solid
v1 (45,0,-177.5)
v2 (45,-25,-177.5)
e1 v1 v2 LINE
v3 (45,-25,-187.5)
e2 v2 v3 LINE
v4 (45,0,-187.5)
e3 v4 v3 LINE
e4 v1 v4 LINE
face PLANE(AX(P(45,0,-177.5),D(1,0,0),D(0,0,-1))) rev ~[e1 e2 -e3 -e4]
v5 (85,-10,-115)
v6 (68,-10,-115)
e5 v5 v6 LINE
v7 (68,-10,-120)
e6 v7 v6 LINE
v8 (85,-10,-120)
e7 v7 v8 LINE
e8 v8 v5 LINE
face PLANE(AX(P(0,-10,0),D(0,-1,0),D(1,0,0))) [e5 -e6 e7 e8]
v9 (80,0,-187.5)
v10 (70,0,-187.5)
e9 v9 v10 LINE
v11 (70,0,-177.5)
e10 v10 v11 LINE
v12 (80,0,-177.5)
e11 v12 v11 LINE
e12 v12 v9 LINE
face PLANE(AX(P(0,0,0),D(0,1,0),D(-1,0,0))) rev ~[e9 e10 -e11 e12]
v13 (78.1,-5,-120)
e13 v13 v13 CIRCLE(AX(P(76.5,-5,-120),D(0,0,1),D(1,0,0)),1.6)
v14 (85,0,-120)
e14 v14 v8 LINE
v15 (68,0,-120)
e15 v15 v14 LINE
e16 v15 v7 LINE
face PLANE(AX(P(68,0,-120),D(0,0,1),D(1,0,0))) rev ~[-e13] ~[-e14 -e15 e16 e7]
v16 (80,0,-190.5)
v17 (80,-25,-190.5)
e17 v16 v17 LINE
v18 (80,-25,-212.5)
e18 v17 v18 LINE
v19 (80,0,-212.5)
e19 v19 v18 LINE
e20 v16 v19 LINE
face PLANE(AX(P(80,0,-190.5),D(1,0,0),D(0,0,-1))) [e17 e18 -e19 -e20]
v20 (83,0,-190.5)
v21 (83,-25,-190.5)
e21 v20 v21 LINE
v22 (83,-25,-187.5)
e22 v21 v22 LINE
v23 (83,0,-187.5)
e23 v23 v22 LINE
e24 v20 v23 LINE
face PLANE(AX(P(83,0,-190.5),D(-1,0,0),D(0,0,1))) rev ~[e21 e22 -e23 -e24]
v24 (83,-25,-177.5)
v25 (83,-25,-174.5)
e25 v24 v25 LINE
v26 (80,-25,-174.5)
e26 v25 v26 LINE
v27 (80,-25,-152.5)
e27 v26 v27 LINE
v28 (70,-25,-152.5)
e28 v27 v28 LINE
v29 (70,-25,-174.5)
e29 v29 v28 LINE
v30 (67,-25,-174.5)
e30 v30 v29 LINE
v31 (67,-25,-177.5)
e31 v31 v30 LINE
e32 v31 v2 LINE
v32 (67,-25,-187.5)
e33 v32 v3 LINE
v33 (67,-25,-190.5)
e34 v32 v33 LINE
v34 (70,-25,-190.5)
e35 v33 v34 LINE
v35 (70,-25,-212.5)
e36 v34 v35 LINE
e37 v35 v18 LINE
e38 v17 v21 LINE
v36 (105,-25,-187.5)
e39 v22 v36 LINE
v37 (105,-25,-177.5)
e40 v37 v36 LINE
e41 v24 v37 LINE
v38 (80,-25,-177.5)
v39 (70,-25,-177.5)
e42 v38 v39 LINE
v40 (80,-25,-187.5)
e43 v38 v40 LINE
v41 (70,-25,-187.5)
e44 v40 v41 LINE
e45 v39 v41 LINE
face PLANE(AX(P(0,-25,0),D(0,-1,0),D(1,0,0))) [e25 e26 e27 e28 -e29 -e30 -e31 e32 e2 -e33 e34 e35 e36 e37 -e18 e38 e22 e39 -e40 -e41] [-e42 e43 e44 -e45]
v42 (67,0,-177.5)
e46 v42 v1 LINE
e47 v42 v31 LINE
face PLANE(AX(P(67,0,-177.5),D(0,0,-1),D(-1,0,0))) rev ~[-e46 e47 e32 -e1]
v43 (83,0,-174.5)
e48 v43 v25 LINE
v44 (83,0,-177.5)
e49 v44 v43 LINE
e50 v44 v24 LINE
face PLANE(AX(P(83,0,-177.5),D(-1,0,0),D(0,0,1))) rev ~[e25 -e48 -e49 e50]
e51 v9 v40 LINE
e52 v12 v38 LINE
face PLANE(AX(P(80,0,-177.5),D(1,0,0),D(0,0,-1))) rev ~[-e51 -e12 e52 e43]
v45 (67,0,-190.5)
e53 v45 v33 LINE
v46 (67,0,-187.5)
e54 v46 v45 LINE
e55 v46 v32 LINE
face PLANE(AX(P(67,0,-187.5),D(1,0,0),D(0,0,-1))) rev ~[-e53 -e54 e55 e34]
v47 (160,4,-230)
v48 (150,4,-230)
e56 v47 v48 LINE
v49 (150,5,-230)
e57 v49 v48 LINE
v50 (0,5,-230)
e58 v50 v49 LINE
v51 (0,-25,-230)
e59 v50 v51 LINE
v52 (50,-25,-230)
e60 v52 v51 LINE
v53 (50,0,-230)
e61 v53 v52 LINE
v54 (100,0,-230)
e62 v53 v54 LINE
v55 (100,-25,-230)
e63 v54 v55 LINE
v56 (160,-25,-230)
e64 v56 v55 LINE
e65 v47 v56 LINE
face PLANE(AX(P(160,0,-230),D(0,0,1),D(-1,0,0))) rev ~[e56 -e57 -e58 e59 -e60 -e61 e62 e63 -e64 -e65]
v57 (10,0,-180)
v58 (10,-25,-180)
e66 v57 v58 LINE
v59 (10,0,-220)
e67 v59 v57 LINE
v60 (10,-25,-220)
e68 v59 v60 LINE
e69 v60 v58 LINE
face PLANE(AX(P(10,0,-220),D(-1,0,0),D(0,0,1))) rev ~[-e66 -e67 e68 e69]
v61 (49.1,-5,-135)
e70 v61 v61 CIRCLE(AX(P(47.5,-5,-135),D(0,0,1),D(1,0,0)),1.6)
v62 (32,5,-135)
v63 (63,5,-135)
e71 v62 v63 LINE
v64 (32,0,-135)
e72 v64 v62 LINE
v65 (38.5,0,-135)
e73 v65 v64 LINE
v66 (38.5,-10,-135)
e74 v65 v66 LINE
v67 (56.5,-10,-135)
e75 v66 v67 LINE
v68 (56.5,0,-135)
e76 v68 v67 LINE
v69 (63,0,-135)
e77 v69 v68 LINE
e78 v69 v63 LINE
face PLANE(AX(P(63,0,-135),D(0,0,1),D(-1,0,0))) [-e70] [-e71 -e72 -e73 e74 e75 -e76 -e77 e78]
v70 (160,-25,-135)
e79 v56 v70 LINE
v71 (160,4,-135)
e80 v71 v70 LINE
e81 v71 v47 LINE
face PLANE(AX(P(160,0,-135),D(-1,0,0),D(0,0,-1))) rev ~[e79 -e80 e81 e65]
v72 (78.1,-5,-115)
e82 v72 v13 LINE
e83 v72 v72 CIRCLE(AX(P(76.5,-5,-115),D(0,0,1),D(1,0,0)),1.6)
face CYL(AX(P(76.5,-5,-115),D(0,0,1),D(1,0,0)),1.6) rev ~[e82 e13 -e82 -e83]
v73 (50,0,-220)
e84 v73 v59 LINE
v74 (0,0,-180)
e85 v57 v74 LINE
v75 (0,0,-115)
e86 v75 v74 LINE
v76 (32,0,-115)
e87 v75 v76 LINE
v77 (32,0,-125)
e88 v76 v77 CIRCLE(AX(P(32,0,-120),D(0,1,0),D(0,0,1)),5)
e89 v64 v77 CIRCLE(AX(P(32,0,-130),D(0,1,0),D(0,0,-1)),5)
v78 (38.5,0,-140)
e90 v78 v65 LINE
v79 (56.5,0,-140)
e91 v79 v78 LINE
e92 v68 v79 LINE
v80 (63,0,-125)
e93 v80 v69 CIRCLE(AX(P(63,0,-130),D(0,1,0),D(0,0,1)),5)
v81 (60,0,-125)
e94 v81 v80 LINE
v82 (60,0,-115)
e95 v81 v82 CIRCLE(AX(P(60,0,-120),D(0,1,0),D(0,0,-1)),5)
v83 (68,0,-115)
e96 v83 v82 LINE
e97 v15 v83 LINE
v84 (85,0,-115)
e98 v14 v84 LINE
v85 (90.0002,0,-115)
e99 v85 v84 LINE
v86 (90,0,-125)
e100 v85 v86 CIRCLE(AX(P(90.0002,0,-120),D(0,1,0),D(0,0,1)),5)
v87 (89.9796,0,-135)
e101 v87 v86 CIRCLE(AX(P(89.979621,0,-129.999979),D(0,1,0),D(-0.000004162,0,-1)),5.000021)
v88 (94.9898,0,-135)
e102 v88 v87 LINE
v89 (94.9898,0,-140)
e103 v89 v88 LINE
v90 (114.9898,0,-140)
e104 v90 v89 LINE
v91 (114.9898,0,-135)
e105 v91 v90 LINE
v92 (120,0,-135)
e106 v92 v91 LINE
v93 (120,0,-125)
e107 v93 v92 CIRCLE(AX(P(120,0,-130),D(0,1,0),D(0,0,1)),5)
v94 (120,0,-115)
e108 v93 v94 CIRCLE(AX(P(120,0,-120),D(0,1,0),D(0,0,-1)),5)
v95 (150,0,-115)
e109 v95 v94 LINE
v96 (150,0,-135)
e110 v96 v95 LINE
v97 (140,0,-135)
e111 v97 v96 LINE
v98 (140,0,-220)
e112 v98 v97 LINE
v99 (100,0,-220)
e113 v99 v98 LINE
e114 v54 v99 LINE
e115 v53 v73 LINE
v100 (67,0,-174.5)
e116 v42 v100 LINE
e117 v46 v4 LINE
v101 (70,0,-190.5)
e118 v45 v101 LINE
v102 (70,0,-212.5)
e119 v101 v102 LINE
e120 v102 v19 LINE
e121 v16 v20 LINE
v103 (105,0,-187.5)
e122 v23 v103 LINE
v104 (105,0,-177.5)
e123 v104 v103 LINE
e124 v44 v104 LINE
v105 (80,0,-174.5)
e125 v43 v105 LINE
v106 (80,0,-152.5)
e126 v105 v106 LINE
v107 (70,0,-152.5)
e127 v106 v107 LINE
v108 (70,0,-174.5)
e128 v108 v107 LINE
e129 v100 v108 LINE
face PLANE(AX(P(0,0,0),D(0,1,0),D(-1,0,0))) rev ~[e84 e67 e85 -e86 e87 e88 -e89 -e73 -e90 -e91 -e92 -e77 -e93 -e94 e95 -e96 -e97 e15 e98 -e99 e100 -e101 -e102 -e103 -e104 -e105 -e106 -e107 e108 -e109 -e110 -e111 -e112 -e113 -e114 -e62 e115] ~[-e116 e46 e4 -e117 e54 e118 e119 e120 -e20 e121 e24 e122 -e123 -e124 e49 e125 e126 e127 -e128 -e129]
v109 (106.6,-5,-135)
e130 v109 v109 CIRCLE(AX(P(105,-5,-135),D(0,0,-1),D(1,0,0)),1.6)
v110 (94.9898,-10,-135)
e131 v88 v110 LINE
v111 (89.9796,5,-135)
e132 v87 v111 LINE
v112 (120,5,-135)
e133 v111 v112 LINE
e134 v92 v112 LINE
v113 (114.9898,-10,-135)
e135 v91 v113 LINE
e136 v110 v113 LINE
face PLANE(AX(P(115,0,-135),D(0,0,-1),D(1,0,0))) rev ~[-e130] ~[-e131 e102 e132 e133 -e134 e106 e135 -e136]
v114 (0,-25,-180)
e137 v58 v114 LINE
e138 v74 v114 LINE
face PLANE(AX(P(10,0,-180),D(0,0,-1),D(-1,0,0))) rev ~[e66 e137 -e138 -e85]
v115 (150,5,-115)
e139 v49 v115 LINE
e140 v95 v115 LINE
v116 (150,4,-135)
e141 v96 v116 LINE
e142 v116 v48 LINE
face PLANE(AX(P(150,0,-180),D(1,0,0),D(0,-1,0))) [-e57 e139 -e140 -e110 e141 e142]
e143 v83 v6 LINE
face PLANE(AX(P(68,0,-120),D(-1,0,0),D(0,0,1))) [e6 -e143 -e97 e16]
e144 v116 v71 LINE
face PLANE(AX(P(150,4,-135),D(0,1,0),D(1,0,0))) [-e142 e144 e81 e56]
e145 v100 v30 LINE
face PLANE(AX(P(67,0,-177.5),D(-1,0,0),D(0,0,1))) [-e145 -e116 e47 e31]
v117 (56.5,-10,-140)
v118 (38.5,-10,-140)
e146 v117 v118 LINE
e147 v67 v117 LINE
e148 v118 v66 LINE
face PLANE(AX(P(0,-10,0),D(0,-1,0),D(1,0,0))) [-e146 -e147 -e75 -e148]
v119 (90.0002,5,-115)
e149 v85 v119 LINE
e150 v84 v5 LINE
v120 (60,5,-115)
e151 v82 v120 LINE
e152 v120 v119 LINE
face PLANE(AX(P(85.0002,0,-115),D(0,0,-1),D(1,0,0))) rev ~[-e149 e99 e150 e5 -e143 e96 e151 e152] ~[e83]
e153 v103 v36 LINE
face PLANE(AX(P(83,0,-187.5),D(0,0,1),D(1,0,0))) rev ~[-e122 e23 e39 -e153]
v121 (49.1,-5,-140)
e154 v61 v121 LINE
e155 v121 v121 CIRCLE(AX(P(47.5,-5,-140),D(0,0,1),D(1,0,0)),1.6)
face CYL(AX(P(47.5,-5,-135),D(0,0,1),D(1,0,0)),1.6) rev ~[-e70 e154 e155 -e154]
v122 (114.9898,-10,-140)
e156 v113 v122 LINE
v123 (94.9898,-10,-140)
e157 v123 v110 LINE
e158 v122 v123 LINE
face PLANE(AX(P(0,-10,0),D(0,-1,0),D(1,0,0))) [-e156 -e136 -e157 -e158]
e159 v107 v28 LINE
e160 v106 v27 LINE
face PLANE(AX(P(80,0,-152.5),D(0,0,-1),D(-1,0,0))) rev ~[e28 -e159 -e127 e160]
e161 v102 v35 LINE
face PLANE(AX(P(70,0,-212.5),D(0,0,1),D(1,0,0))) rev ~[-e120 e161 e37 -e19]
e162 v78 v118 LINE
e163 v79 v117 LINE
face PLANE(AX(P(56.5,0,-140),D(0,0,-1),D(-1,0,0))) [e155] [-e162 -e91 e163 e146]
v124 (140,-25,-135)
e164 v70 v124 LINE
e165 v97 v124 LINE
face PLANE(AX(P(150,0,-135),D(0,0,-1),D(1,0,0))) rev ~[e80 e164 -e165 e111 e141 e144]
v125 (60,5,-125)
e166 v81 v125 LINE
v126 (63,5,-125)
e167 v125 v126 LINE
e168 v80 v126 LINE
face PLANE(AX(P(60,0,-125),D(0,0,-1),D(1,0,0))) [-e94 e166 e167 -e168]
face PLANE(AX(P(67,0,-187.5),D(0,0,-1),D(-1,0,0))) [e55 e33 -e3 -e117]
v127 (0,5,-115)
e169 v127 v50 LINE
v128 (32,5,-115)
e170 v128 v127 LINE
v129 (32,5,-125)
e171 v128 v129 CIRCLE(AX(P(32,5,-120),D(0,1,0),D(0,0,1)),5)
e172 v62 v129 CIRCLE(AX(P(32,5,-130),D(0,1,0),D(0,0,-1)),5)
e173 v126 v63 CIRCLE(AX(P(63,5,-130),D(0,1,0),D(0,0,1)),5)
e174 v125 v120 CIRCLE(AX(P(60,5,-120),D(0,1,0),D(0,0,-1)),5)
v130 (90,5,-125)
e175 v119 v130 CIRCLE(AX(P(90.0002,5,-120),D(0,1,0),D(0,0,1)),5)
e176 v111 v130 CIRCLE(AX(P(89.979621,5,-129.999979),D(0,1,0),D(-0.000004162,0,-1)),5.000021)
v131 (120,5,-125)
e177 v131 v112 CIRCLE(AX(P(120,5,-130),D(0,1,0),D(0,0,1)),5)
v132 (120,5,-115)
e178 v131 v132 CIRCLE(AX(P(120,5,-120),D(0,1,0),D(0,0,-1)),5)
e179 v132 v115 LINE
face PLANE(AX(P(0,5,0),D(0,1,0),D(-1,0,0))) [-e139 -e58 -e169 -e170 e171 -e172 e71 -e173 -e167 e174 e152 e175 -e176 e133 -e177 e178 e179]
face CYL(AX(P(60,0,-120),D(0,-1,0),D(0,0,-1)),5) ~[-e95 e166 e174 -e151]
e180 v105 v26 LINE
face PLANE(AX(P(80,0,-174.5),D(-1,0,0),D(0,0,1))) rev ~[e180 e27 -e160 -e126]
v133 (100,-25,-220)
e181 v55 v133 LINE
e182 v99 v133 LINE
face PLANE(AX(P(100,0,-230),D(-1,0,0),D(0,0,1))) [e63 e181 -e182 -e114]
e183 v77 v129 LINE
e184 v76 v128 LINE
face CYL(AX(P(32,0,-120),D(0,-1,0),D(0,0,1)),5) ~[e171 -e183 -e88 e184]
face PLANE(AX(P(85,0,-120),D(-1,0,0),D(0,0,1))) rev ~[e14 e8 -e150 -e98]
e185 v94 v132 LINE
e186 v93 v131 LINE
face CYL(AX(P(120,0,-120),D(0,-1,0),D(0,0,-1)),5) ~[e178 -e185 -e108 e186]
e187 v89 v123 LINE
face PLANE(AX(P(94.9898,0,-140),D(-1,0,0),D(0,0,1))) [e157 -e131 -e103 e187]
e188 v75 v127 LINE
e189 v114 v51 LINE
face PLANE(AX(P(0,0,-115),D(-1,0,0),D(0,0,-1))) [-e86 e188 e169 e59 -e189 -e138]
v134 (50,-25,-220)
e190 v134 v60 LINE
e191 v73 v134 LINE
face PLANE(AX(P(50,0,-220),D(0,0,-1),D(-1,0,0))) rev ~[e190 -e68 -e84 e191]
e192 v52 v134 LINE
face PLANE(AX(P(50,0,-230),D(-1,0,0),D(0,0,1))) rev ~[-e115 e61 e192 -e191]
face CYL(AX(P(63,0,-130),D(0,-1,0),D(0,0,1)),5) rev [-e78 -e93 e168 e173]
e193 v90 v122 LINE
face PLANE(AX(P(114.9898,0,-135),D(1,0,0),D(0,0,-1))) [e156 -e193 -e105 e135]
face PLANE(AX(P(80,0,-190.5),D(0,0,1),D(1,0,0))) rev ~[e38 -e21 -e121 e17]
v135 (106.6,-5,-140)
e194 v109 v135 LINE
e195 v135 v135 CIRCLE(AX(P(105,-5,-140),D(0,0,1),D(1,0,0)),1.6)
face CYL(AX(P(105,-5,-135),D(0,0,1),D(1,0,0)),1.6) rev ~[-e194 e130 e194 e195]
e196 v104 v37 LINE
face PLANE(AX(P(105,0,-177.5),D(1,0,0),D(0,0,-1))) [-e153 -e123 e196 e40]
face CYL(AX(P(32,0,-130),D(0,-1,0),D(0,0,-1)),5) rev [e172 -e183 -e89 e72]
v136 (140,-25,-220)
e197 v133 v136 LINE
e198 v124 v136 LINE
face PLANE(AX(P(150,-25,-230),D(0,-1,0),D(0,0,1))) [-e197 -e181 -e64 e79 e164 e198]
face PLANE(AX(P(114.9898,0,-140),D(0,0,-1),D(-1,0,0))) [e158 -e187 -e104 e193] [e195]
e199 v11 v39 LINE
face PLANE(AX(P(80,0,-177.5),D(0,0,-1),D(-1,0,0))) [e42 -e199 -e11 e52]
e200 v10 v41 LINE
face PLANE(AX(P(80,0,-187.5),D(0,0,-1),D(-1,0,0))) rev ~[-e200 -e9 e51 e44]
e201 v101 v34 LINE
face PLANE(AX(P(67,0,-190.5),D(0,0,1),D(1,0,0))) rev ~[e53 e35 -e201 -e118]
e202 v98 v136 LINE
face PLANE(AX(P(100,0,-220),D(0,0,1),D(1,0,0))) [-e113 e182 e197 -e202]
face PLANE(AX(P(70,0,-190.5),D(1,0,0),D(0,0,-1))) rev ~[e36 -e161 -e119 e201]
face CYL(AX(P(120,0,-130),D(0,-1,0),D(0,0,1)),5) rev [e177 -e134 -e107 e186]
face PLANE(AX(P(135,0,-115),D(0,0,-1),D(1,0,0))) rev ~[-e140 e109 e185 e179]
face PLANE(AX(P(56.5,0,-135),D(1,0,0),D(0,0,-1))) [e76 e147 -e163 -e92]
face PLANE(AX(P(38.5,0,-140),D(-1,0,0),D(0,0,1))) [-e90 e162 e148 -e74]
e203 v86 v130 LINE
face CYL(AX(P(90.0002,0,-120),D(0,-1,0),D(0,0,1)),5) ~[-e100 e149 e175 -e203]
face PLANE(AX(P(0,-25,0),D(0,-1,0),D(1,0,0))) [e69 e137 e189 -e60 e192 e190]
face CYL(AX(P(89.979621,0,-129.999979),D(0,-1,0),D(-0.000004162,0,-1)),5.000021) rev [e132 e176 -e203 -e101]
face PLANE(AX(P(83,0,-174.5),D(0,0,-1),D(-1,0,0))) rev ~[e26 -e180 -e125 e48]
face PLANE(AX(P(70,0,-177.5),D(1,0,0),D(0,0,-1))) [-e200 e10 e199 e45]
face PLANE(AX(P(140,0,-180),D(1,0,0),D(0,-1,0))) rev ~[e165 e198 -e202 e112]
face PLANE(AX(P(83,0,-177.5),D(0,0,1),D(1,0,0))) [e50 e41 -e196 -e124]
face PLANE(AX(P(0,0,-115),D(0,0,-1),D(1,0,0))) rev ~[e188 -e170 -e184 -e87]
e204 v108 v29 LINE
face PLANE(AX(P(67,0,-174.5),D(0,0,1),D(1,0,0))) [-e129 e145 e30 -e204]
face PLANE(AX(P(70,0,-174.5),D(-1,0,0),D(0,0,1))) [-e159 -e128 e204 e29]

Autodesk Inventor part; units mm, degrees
ref_plane "YZ Plane" through (0, 0, 0) normal (1, 0, 0) x (0, 1, 0)
ref_plane "XZ Plane" through (0, 0, 0) normal (0, 1, 0) x (-1, 0, 0)
ref_plane "XY Plane" through (0, 0, 0) normal (0, 0, 1) x (1, 0, 0)
sketch "puzzle" plane through (0, 0, 0) normal (0, 1, 0) x (-1, 0, 0)
  line L0 (0, -115) -> (-15, -115)
  line L1 (-135, -115) -> (-125, -115)
  line L2 (-135, -115) -> (-150, -115)
  line L3 (-75, -115) -> (-65, -115)
  line L4 (-75, -115) -> (-85.0002, -115)
  line L5 (-105, -135) -> (-94.9796, -135)
  line L6 (-94.9796, -135) -> (-115, -135)
  line L7 (-65, -115) -> (-60, -115)
  line L8 (-60, -125) -> (-63, -125)
  arc A0 (-60, -125) -> (-60, -115) centre (-60, -120) ccw
  arc A1 (-63, -125) -> (-63, -135) centre (-63, -130) ccw
  line L9 (-85.0002, -115) -> (-90.0002, -115)
  line L10 (-94.9796, -135) -> (-89.9796, -135)
  arc A2 (-90.0002, -115) -> (-90, -125) centre (-90.0002, -120) ccw
  arc A3 (-89.9796, -135) -> (-90, -125) centre (-89.9796, -130) ccw
  line L11 (-115, -135) -> (-120, -135)
  line L12 (-125, -115) -> (-120, -115)
  arc A4 (-120, -125) -> (-120, -115) centre (-120, -120) ccw
  arc A5 (-120, -125) -> (-120, -135) centre (-120, -130) ccw
  line L13 (0, -115) -> (-30, -115)
  line L14 (-63, -135) -> (-32.98, -135)
  line L15 (-32.98, -135) -> (-32, -135)
  line L16 (-30, -115) -> (-32, -115)
  arc A6 (-32, -115) -> (-32, -125) centre (-32, -120) ccw
  arc A7 (-32, -135) -> (-32, -125) centre (-32, -130) ccw
  line L17 (0, -115) -> (0, -230)
  line L18 (0, -230) -> (-150, -230)
  line L19 (-150, -230) -> (-150, -115)
  point P0 (0, 0)
  dimension "d22" = 5
  dimension "d23" = 5
  dimension "d24" = 5
  dimension "d25" = 5
  dimension "d26" = 5
  dimension "d76" = 115
extrude "Extrusión4" add sketch "puzzle" along normal blind 5
sketch "Boceto4" plane through (0, 0, 0) normal (0, -1, 0) x (1, 0, 0)
  line L0 (0, -115) -> (0, -230) projected
  line L1 (32, -115) -> (0, -115) projected
  line L2 (0, -230) -> (10, -230)
  line L3 (150, -230) -> (0, -230) projected
  line L4 (10, -180) -> (0, -180)
  line L5 (0, -230) -> (0, -180)
  line L6 (10, -230) -> (50, -230)
  line L7 (50, -230) -> (50, -220)
  line L8 (50, -220) -> (10, -220)
  line L9 (10, -220) -> (10, -180)
  line L10 (150, -230) -> (100, -230)
  line L11 (100, -230) -> (100, -220)
  line L12 (100, -220) -> (140, -220)
  line L13 (140, -220) -> (140, -180)
  line L14 (140, -180) -> (150, -180)
  line L15 (150, -115) -> (150, -230) projected
  line L16 (150, -230) -> (150, -180)
  line L17 (70, -212.5) -> (80, -212.5)
  line L18 (80, -152.5) -> (70, -152.5)
  line L19 (45, -177.5) -> (45, -187.5)
  line L20 (105, -177.5) -> (105, -187.5)
  line L21 (83, -177.5) -> (83, -174.5)
  line L22 (83, -174.5) -> (80, -174.5)
  line L23 (80, -174.5) -> (80, -152.5)
  line L24 (83, -177.5) -> (105, -177.5)
  line L25 (80, -177.5) -> (80, -187.5)
  line L26 (80, -177.5) -> (70, -177.5)
  line L27 (67, -177.5) -> (67, -174.5)
  line L28 (67, -174.5) -> (70, -174.5)
  line L29 (67, -187.5) -> (67, -190.5)
  line L30 (67, -190.5) -> (70, -190.5)
  line L31 (67, -177.5) -> (45, -177.5)
  line L32 (67, -187.5) -> (45, -187.5)
  line L33 (70, -174.5) -> (70, -152.5)
  line L34 (70, -177.5) -> (70, -182.5)
  line L35 (70, -190.5) -> (70, -212.5)
  line L36 (80, -187.5) -> (70, -187.5)
  line L37 (70, -187.5) -> (70, -182.5)
  line L38 (80, -190.5) -> (83, -190.5)
  line L39 (83, -190.5) -> (83, -187.5)
  line L40 (80, -190.5) -> (80, -212.5)
  line L41 (83, -187.5) -> (105, -187.5)
  point P0 (0, 0)
extrude "Extrusión5" add sketch "Boceto4" along normal blind 25
sketch "Boceto5" plane through (0, 0, 0) normal (0, -1, 0) x (1, 0, 0)
  line L0 (85, -115) -> (68, -115)
  line L1 (68, -120) -> (85, -120)
  line L2 (68, -120) -> (68, -115)
  line L3 (85, -120) -> (85, -115)
  line L4 (32, -135) -> (63, -135) projected
  line L5 (47.5, -135) -> (38.5, -135)
  line L6 (38.5, -135) -> (56.5, -135)
  line L7 (56.5, -135) -> (56.5, -140)
  line L8 (56.5, -140) -> (38.5, -140)
  line L9 (38.5, -140) -> (38.5, -135)
  line L10 (120, -135) -> (89.9796, -135) projected
  line L11 (104.9898, -135) -> (94.9898, -135)
  line L12 (94.9898, -135) -> (104.9898, -135)
  line L13 (104.9898, -135) -> (114.9898, -135)
  line L14 (114.9898, -135) -> (114.9898, -140)
  line L15 (114.9898, -140) -> (94.9898, -140)
  line L16 (94.9898, -140) -> (94.9898, -135)
  point P0 (0, 0)
extrude "Extrusión6" add sketch "Boceto5" along normal blind 10
sketch "Boceto6" plane through (89.9796, 5, -135) normal (0, 0, 1) x (1, 0, 0)
  line L0 (10.0204, -5) -> (50.0204, -5) projected
  line L1 (25, -5) -> (15, -5)
  line L2 (25.0102, -5) -> (25.0102, -15) projected
  line L3 (25.0102, -5) -> (25.0102, -15)
  line L4 (25.0102, -15) -> (5.0102, -15) projected
  line L5 (25.0102, -15) -> (5.0102, -15)
  line L6 (15.0204, -5) -> (15.0204, -30) projected
  circle A0 centre (15.0204, -10) radius 1.6
  line L7 (-33.4796, -15) -> (-51.4796, -15) projected
  line L8 (-33.4796, -15) -> (-51.4796, -15)
  circle A1 centre (-42.4796, -10) radius 1.6
  point P0 (-89.9796, -5)
  dimension "d120" = 10
  dimension "d121" = 3.2
  dimension "d123" = 3.2
extrude "Extrusión7" cut sketch "Boceto6" against normal blind 10 contours A0 L6 | L6 A0 | A1
sketch "Boceto7" plane through (32, 5, -135) normal (0, 0, 1) x (1, 0, 0)
  circle A0 centre (15.5, -10) radius 1.6 projected
  circle A1 centre (15.5, -10) radius 1.6
  point P0 (-32, -5)
extrude "Extrusión8" cut sketch "Boceto7" against normal blind 34
sketch "Boceto8" plane through (68, 0, -115) normal (0, 0, 1) x (1, 0, 0)
  line L0 (22.0002, 0) -> (-8, 0) projected
  line L1 (17, 0) -> (0, 0)
  line L2 (0, 0) -> (0, -10)
  line L3 (0, -10) -> (17, -10)
  line L4 (17, -10) -> (17, 0)
  circle A0 centre (8.5, -5) radius 1.6
  point P0 (-68, 0)
  dimension "d128" = 3.2
extrude "Extrusión9" cut sketch "Boceto8" against normal blind 5 contours A0
sketch "Boceto9" plane through (150, 0, -115) normal (1, 0, 0) x (0, 0, -1)
  line L0 (115, 5) -> (115, -25) projected
  line L1 (20, 0) -> (10, 0) projected
  line L2 (115, 0) -> (20, 0)
  line L3 (20, 0) -> (20, -25)
  line L4 (115, -25) -> (65, -25) projected
  line L5 (20, -25) -> (115, -25)
  line L6 (115, -25) -> (115, 0)
  line L7 (115, 5) -> (115, -25) projected
  point P0 (-115, 0)
sketch "Boceto10" plane through (140, 0, -180) normal (0, 0, 1) x (1, 0, 0)
  line L0 (0, 0) -> (0, -25) projected
  line L1 (10, 5) -> (10, -25) projected
  line L2 (0, 0) -> (10, 0)
  line L3 (10, 0) -> (10, -25)
  line L4 (10, -25) -> (0, -25)
  line L5 (0, -25) -> (0, 0)
  point P0 (-140, 0)
extrude "Extrusión10" add sketch "Boceto10" along normal blind 45
extrude "Extrusión11" add sketch "Boceto9" along normal blind 10
sketch "Boceto12" plane through (150, 0, -135) normal (0, 1, 0) x (1, 0, 0)
  line L0 (0, 0) -> (0, 95) projected
  line L1 (0, 0) -> (10, 0)
  line L2 (10, 0) -> (10, 95)
  line L3 (10, 95) -> (0, 95)
  line L4 (0, 95) -> (0, 0)
  point P0 (-150, -135)
extrude "Extrusión12" add sketch "Boceto12" along normal blind 4
properties part number "base auxiliar 2"
